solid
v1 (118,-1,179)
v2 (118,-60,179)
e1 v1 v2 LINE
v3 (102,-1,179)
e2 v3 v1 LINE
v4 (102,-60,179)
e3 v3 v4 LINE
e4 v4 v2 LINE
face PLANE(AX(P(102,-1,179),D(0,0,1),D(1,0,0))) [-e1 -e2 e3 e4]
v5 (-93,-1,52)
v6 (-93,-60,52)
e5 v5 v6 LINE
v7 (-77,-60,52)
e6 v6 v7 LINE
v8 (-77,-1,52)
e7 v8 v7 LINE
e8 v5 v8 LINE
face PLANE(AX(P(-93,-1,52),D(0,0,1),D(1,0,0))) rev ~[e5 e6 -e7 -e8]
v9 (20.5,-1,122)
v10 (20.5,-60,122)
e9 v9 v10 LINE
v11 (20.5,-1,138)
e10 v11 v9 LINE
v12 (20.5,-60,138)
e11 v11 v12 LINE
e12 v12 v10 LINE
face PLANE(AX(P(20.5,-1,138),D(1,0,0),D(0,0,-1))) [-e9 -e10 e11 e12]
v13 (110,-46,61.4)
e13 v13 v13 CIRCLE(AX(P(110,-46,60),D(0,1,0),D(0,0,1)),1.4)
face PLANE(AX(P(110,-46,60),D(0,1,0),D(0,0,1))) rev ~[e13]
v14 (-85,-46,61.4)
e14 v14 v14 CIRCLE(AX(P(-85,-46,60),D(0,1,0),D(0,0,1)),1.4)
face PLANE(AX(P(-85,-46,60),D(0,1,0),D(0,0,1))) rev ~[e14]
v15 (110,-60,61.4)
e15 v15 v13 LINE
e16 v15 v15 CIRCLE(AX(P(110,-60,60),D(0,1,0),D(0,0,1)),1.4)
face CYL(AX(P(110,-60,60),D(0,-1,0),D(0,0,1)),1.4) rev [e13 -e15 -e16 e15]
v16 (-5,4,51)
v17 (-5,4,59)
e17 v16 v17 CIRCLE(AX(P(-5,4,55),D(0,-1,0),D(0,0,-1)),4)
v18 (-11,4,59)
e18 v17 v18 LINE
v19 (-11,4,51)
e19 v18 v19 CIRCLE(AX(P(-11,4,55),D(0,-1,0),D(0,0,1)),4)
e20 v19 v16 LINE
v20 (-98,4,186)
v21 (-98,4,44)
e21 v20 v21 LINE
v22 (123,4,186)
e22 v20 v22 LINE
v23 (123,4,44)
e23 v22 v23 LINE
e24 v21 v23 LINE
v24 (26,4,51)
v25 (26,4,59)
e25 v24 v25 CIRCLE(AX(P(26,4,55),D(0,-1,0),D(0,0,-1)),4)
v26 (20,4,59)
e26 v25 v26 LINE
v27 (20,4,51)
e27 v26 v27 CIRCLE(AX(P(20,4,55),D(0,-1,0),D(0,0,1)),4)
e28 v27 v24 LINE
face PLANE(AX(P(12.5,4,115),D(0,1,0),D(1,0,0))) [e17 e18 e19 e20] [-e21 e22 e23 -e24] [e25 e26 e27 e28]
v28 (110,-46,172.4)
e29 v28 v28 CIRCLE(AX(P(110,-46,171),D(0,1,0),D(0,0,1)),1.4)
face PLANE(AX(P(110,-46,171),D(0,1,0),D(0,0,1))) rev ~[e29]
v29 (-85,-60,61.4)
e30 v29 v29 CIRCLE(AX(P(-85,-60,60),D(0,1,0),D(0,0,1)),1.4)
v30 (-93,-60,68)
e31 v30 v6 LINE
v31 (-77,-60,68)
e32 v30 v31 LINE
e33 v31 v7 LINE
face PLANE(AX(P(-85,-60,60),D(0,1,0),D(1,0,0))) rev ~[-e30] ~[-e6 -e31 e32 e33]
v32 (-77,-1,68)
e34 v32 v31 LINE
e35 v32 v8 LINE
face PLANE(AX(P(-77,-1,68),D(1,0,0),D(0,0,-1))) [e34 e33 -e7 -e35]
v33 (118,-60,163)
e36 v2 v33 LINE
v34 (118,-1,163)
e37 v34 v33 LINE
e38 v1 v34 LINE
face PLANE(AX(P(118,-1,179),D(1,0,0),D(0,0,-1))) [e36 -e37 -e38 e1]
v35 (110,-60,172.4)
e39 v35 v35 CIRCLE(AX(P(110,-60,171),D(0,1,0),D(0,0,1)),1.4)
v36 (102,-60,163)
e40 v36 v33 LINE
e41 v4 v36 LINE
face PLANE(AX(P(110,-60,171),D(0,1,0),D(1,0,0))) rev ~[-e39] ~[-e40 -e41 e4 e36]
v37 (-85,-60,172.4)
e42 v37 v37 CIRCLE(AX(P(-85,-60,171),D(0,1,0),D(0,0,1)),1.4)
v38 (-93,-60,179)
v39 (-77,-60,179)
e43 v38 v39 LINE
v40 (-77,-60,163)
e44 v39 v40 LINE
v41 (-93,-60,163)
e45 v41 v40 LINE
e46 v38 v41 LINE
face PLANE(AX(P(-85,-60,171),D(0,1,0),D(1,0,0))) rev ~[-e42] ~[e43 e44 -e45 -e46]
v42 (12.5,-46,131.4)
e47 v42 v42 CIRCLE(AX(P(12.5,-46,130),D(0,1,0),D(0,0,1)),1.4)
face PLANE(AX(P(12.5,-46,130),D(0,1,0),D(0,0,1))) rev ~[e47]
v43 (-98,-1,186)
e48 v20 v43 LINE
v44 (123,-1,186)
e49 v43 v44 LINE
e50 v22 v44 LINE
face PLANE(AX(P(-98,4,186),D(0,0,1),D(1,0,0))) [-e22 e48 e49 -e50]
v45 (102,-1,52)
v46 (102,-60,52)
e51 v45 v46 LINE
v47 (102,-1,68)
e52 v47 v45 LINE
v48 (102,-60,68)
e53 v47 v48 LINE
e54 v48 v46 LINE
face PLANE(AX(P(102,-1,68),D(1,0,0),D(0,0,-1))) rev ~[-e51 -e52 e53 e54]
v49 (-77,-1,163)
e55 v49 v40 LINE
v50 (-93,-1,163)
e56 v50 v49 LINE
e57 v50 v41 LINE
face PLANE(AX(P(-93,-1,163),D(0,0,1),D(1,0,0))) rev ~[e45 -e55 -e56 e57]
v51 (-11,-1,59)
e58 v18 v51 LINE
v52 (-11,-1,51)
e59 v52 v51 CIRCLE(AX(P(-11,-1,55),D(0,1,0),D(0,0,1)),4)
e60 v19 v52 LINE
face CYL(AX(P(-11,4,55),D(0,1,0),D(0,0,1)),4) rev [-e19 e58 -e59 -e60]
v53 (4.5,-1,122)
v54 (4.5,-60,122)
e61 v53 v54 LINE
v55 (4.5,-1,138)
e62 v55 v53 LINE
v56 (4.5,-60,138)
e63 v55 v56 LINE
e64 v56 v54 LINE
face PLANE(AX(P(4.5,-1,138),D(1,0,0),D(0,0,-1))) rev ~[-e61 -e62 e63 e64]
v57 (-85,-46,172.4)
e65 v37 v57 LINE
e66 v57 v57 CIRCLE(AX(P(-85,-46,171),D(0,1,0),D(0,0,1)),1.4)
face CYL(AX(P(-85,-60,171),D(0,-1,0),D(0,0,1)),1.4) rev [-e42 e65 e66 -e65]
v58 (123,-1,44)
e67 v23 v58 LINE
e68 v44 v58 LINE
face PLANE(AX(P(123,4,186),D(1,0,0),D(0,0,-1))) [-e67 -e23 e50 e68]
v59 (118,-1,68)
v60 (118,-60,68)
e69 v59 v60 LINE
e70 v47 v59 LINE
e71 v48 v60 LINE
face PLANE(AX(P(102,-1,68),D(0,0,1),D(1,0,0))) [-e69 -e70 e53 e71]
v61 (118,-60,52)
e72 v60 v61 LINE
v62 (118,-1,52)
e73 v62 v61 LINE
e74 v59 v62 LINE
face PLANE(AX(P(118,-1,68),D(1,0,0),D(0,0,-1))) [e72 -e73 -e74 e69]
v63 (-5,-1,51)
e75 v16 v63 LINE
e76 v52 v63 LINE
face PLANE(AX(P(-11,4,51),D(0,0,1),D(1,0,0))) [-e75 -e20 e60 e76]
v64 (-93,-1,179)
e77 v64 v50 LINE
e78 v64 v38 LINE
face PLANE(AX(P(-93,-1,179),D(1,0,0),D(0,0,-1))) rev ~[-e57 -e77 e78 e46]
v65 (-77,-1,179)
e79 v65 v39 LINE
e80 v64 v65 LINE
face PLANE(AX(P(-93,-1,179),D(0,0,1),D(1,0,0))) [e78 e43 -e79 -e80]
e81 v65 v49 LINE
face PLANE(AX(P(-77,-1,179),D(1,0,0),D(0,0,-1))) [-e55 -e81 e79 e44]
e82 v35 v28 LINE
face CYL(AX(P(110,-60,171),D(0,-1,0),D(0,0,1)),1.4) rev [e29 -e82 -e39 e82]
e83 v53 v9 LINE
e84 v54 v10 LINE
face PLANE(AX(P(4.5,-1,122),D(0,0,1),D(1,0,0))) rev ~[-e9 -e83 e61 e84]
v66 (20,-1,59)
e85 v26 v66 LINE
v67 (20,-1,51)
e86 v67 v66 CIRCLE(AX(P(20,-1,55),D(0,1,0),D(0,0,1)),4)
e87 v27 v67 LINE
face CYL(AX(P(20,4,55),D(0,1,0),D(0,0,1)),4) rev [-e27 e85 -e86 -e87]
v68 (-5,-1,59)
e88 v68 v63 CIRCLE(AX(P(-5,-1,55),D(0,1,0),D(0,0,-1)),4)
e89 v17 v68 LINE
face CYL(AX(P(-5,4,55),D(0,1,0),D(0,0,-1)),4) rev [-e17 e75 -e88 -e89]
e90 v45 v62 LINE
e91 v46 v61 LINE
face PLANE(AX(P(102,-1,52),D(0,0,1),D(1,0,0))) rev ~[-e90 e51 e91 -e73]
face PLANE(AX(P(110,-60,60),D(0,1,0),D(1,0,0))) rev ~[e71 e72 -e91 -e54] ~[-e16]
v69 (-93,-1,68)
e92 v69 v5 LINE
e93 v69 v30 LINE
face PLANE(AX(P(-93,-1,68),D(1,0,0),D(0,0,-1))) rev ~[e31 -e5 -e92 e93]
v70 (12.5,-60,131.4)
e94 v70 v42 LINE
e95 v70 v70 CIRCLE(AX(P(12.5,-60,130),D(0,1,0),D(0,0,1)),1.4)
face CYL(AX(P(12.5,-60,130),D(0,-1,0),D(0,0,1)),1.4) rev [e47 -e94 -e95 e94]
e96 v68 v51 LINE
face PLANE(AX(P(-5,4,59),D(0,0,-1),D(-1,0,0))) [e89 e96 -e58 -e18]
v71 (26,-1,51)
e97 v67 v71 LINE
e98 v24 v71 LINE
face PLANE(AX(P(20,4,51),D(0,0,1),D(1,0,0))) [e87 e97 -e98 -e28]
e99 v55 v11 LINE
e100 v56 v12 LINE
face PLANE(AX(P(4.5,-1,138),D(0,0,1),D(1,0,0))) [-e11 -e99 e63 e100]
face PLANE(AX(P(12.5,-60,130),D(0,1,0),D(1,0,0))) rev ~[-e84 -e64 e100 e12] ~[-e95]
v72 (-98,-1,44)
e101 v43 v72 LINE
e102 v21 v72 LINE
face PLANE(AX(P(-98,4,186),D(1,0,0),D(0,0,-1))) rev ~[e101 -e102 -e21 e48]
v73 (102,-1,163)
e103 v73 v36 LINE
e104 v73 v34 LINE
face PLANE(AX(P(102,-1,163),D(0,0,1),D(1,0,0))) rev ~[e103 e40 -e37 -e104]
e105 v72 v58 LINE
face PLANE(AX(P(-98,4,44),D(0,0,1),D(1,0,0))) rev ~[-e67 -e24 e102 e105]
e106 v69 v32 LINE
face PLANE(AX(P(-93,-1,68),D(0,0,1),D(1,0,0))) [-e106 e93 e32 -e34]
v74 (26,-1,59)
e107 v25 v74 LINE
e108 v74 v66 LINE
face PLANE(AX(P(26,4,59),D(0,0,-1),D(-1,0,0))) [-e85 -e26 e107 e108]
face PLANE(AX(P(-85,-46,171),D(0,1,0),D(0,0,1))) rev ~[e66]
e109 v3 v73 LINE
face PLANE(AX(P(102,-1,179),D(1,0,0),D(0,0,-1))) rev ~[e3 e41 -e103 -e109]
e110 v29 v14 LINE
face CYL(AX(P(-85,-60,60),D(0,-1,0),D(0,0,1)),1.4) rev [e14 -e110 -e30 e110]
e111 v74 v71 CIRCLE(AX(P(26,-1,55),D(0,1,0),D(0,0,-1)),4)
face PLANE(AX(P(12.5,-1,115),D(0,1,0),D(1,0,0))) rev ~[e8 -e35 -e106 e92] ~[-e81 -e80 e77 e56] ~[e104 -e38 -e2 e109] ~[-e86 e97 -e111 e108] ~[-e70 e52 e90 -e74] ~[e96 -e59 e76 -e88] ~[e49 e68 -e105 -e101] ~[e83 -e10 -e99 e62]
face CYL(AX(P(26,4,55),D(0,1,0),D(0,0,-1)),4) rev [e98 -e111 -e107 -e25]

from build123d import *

# Parameters (mm, degrees)
V4_UPPER_DECK_221X142_PROFILE_W  = 221
V4_UPPER_DECK_221X142_PROFILE_H  = 142
V4_UPPER_DECK_5MM_DEPTH          = 5
V4_FIVE_SUPPORT_POSTS_PROFILE_W  = 16
V4_FIVE_SUPPORT_POSTS_PROFILE_H  = 16
V4_FIVE_SUPPORT_POSTS_59MM_DEPTH = 59
V4_UPPER_TWO_CABLE_SLOTS_DEPTH   = 5.5
V4_FIVE_M3_PILOTS_PROFILE_R      = 1.4
V4_POST_PILOT_HOLES_DEPTH        = 14


with BuildPart() as part:
    # V4_upper_deck_221x142_profile → V4_upper_deck_5mm (new body)
    with BuildSketch(Plane(origin=(0, 4, 0), x_dir=(1, 0, 0), z_dir=(0, 1, 0))):
        with Locations((12.5, -115)):
            Rectangle(V4_UPPER_DECK_221X142_PROFILE_W, V4_UPPER_DECK_221X142_PROFILE_H)
    extrude(amount=-V4_UPPER_DECK_5MM_DEPTH)

    # V4_five_support_posts_profile → V4_five_support_posts_59mm (add)
    with BuildSketch(Plane(origin=(0, -1, 0), x_dir=(1, 0, 0), z_dir=(0, 1, 0))):
        with Locations((-85, -60)):
            Rectangle(V4_FIVE_SUPPORT_POSTS_PROFILE_W, V4_FIVE_SUPPORT_POSTS_PROFILE_H)
        with Locations((110, -60)):
            Rectangle(V4_FIVE_SUPPORT_POSTS_PROFILE_W, V4_FIVE_SUPPORT_POSTS_PROFILE_H)
        with Locations((-85, -171)):
            Rectangle(V4_FIVE_SUPPORT_POSTS_PROFILE_W, V4_FIVE_SUPPORT_POSTS_PROFILE_H)
        with Locations((110, -171)):
            Rectangle(V4_FIVE_SUPPORT_POSTS_PROFILE_W, V4_FIVE_SUPPORT_POSTS_PROFILE_H)
        with Locations((12.5, -130)):
            Rectangle(V4_FIVE_SUPPORT_POSTS_PROFILE_W, V4_FIVE_SUPPORT_POSTS_PROFILE_H)
    extrude(amount=-V4_FIVE_SUPPORT_POSTS_59MM_DEPTH)

    # V4_upper_two_cable_slots_profile → V4_upper_two_cable_slots (cut)
    with BuildSketch(Plane(origin=(0, 4, 0), x_dir=(1, 0, 0), z_dir=(0, 1, 0))):
        with BuildLine():
            Line((-11, -51), (-5, -51))
            ThreePointArc((-5, -51), (-1, -55), (-5, -59))
            Line((-5, -59), (-11, -59))
            ThreePointArc((-11, -59), (-15, -55), (-11, -51))
        make_face()
        with BuildLine():
            Line((20, -51), (26, -51))
            ThreePointArc((26, -51), (30, -55), (26, -59))
            Line((26, -59), (20, -59))
            ThreePointArc((20, -59), (16, -55), (20, -51))
        make_face()
    extrude(amount=-V4_UPPER_TWO_CABLE_SLOTS_DEPTH, mode=Mode.SUBTRACT)

    # V4_five_M3_pilots_profile → V4_post_pilot_holes (cut)
    with BuildSketch(Plane(origin=(0, -60, 0), x_dir=(1, 0, 0), z_dir=(0, 1, 0))):
        with Locations(Location((-85, -60, 0), (0, 0, 270))):
            Circle(V4_FIVE_M3_PILOTS_PROFILE_R)
        with Locations(Location((110, -60, 0), (0, 0, 270))):
            Circle(V4_FIVE_M3_PILOTS_PROFILE_R)
        with Locations(Location((-85, -171, 0), (0, 0, 270))):
            Circle(V4_FIVE_M3_PILOTS_PROFILE_R)
        with Locations(Location((110, -171, 0), (0, 0, 270))):
            Circle(V4_FIVE_M3_PILOTS_PROFILE_R)
        with Locations(Location((12.5, -130, 0), (0, 0, 270))):
            Circle(V4_FIVE_M3_PILOTS_PROFILE_R)
    extrude(amount=V4_POST_PILOT_HOLES_DEPTH, mode=Mode.SUBTRACT)


solid = part.part
